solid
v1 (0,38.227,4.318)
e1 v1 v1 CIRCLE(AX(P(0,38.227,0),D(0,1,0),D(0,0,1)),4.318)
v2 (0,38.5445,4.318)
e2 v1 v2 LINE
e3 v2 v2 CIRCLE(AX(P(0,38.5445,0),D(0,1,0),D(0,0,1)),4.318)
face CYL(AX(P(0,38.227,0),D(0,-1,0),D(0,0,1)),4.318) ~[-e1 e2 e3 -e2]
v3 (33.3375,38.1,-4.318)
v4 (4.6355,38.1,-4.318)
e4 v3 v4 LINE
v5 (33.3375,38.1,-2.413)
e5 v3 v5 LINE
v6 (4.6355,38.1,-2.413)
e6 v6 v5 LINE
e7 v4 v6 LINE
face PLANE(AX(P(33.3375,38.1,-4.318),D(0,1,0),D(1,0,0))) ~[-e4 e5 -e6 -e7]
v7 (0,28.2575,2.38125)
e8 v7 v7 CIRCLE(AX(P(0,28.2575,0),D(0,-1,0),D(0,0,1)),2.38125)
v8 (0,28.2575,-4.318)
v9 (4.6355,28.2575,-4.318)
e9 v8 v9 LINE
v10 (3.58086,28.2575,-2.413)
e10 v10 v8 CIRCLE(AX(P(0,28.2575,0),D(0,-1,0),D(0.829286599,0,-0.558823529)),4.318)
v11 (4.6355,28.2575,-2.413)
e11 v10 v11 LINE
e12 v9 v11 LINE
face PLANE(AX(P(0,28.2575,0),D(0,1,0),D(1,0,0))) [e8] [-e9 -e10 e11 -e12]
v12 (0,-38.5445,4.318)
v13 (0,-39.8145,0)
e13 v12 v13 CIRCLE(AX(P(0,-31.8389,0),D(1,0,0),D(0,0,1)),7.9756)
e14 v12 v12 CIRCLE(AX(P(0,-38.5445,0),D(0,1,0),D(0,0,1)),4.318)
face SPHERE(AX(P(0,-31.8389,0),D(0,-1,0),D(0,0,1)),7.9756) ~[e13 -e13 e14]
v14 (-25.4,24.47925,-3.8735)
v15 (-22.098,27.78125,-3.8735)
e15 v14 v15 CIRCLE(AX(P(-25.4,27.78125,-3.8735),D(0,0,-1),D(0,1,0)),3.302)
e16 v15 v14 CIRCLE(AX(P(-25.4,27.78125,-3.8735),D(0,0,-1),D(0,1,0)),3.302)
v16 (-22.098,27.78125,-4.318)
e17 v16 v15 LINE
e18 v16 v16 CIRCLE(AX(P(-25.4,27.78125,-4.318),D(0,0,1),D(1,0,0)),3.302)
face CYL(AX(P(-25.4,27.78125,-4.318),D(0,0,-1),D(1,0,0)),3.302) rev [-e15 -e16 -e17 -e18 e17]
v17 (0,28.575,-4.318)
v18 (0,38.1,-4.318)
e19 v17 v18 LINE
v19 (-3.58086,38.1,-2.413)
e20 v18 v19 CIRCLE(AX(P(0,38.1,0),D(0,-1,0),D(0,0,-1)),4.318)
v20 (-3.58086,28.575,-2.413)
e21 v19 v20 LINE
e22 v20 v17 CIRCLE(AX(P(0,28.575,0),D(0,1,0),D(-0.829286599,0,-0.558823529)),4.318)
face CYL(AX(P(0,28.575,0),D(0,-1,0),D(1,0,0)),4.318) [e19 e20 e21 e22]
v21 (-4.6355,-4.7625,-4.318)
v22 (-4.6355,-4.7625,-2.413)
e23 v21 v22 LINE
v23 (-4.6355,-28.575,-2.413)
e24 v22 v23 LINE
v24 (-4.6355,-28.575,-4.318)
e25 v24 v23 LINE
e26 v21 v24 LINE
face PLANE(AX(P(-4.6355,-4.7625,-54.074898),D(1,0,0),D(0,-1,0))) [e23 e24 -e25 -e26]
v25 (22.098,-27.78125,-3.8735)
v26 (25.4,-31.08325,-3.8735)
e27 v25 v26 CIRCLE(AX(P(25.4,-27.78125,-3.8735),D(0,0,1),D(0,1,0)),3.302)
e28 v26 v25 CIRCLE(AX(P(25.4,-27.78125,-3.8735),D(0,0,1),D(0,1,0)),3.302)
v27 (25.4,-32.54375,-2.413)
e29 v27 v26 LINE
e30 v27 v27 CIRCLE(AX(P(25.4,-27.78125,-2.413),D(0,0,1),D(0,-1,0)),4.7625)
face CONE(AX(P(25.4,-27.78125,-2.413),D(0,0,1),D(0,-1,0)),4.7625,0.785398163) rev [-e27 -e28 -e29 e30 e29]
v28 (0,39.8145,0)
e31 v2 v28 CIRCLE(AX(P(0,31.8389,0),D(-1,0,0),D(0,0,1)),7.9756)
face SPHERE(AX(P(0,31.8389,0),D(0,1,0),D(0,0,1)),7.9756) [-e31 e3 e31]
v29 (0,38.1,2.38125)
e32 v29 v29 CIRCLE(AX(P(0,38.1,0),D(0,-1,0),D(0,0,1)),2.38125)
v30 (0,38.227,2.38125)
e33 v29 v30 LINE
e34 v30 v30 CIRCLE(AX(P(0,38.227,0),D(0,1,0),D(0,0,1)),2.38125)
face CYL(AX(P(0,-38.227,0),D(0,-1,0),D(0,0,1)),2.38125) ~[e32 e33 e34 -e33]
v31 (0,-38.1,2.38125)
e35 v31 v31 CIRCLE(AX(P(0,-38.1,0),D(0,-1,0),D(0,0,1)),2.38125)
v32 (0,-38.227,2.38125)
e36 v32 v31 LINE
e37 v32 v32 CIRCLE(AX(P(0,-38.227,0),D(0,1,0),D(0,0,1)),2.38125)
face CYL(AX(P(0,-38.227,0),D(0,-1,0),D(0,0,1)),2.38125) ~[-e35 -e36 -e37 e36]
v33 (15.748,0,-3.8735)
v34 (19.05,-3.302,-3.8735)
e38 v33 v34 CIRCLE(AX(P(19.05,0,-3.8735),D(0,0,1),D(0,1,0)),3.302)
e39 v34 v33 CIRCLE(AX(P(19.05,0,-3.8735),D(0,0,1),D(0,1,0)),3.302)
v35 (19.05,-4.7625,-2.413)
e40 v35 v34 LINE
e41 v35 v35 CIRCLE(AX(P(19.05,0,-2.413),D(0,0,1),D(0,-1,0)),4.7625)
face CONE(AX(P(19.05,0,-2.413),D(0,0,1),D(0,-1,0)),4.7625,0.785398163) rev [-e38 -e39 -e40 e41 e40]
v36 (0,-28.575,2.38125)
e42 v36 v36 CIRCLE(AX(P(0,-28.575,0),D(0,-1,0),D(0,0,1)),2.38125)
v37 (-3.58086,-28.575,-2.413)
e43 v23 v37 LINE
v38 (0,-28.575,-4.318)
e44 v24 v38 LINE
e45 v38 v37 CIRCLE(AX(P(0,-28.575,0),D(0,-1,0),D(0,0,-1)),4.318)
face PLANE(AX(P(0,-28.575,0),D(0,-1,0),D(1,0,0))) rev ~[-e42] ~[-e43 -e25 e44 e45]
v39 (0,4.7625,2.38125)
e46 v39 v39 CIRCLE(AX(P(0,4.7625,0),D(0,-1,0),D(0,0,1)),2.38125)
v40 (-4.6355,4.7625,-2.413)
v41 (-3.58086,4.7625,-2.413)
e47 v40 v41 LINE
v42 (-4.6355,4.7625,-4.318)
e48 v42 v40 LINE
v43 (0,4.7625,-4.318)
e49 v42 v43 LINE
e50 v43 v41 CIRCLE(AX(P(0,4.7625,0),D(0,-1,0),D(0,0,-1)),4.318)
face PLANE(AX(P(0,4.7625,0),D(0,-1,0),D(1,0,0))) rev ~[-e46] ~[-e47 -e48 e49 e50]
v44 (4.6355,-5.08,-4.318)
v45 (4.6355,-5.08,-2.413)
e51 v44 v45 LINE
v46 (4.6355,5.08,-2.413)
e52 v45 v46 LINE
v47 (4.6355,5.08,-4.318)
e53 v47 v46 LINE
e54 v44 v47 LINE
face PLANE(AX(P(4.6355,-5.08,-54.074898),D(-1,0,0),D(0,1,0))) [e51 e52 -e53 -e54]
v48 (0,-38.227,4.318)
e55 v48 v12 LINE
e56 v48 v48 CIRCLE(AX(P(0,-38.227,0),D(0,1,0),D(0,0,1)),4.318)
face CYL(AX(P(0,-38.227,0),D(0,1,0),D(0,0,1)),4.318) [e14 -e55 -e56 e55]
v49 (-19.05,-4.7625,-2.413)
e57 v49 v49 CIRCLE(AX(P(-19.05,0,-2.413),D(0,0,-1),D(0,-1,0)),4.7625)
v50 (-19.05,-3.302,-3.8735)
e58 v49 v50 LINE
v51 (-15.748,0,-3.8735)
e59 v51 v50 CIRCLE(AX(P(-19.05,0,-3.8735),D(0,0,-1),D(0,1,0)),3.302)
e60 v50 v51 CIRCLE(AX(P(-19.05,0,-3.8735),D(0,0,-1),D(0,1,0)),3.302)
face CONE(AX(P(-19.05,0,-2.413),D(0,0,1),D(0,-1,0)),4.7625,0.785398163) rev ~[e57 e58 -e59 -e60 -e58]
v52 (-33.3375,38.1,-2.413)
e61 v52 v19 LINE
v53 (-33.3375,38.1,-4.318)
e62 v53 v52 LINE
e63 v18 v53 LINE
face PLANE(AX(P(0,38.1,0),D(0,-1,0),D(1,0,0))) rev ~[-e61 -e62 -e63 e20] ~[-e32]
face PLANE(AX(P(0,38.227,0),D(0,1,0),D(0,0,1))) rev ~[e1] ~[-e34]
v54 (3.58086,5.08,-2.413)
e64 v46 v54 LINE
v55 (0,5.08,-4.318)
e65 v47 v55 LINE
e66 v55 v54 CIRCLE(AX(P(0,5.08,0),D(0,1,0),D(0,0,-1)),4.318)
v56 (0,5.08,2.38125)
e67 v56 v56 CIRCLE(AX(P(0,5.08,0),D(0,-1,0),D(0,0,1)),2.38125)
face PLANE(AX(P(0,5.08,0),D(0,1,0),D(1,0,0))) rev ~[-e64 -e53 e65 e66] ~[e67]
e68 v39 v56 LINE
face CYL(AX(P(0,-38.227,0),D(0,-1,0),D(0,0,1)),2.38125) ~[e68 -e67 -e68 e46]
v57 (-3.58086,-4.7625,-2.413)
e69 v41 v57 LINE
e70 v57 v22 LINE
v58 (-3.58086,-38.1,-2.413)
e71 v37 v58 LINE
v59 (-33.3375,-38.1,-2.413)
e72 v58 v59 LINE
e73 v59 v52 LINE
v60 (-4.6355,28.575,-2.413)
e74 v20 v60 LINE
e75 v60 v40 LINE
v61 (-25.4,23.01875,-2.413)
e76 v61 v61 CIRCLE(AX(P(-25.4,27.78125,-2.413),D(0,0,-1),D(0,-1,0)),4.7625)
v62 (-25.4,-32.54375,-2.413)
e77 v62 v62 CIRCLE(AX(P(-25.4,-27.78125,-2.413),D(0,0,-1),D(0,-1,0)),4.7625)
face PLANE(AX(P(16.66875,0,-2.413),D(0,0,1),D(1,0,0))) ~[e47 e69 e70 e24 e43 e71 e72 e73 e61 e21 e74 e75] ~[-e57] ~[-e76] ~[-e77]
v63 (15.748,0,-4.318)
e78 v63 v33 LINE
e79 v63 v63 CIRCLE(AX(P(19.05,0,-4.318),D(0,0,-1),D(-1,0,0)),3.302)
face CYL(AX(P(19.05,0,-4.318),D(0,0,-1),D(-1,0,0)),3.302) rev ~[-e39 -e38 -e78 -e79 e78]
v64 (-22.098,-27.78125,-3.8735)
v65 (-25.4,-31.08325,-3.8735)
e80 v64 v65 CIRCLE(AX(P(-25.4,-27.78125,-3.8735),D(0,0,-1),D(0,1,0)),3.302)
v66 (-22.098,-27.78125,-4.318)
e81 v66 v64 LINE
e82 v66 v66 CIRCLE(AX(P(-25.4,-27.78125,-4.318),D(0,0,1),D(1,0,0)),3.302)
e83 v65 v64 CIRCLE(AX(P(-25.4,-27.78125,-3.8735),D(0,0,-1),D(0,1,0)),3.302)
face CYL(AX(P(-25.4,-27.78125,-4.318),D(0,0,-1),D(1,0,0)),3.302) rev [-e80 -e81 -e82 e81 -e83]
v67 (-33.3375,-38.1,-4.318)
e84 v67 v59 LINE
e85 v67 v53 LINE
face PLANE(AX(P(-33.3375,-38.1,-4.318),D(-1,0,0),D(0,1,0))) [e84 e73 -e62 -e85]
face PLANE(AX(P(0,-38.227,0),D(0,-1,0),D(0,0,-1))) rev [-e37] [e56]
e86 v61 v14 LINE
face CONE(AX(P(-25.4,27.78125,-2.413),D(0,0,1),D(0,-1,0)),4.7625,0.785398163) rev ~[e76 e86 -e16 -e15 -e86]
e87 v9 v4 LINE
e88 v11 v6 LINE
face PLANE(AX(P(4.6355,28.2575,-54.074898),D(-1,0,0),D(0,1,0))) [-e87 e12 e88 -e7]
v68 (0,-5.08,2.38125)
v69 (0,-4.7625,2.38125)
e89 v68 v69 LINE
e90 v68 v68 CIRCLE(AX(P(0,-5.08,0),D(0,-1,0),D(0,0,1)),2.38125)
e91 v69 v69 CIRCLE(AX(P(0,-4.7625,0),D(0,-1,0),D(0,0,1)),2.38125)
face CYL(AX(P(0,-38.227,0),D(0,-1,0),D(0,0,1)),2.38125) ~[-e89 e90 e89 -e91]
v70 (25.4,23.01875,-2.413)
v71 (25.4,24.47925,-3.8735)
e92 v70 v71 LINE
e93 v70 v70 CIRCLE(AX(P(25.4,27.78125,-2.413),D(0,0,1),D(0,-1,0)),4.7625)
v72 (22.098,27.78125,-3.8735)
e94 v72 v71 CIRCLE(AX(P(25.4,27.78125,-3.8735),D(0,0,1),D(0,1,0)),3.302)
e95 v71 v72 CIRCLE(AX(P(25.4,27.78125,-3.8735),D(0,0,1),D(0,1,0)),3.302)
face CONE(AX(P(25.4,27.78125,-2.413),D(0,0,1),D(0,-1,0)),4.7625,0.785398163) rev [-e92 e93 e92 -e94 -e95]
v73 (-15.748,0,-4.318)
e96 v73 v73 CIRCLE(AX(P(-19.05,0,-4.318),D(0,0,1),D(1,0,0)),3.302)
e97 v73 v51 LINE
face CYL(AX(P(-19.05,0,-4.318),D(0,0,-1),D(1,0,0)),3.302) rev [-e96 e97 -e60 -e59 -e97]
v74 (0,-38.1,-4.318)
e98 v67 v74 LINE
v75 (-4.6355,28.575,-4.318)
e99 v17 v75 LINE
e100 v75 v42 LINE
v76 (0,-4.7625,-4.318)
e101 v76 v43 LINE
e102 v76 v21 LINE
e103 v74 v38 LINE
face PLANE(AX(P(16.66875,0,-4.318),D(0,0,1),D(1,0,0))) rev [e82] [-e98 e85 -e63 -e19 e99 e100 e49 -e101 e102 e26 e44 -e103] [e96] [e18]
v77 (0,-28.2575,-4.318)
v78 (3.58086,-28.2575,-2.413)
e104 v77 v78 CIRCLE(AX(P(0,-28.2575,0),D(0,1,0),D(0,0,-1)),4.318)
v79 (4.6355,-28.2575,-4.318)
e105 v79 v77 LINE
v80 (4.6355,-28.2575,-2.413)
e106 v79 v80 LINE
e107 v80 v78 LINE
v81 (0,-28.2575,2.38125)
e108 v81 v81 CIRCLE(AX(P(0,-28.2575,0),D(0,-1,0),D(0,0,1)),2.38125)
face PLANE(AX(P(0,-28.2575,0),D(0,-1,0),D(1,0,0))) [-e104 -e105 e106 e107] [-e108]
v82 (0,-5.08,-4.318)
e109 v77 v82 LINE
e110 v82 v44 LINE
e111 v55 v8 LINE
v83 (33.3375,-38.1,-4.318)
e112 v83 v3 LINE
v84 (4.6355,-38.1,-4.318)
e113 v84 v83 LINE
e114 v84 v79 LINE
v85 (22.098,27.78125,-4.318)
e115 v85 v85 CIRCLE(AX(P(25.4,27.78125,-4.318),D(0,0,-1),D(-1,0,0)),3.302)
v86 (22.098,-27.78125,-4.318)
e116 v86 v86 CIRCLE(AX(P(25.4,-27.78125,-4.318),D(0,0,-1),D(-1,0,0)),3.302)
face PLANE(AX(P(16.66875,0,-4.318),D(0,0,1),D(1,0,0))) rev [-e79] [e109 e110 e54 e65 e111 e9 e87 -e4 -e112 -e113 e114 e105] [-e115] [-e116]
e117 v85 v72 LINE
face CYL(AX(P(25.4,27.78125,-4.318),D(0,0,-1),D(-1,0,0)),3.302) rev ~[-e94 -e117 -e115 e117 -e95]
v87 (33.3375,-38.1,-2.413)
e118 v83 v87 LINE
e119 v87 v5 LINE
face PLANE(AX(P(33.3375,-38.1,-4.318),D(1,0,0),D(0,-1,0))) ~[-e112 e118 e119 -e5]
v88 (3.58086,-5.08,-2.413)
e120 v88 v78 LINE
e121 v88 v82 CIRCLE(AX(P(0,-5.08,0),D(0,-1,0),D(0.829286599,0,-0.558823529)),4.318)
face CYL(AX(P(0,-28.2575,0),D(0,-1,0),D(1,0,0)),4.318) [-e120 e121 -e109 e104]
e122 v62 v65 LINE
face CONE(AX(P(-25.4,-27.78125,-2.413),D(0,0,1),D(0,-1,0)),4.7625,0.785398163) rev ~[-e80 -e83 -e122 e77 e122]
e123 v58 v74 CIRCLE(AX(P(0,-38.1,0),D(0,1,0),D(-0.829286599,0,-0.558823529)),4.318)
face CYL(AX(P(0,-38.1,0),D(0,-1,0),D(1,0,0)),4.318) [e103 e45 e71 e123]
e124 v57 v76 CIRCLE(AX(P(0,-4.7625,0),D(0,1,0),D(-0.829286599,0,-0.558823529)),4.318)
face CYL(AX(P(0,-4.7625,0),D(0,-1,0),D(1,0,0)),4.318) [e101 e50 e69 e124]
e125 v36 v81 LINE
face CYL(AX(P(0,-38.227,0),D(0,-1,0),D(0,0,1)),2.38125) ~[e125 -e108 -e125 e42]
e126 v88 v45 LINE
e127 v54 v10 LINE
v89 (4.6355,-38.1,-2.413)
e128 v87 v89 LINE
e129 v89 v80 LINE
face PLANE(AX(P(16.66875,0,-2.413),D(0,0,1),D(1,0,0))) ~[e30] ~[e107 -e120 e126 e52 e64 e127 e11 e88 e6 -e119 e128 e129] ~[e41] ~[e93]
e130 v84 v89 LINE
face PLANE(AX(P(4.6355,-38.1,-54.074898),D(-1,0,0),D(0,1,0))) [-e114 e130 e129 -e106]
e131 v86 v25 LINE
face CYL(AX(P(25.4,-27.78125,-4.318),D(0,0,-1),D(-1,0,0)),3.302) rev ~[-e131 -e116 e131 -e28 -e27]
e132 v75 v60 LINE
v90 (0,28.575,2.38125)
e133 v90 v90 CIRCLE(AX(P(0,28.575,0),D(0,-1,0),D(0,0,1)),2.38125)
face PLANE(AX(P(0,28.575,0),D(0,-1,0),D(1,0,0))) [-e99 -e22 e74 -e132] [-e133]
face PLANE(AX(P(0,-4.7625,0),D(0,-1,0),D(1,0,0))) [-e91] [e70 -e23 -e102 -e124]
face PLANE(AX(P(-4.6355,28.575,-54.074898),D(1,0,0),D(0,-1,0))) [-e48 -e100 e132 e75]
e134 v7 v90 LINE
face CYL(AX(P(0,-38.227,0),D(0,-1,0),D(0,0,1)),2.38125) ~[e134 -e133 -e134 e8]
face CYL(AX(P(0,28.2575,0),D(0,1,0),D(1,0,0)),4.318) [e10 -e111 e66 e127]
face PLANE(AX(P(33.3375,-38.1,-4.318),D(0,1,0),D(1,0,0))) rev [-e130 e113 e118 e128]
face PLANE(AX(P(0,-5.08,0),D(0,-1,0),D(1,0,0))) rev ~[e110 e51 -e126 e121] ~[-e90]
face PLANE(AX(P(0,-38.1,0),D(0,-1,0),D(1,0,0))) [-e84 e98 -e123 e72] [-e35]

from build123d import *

# Parameters (mm, degrees)
BOSS_EXTRUDE1_START          = -4.318
SKETCH3_W                    = 33.3375
SKETCH3_H                    = 76.2
SKETCH3_R                    = 3.302
BOSS_EXTRUDE1_DEPTH          = 1.905
CUT_EXTRUDE_THIN1_DEPTH      = 51.661898224
CUT_EXTRUDE_THIN1_DEPTH_BACK = 51.661898224
CUT_EXTRUDE2_DEPTH           = 51.661898224
CUT_EXTRUDE2_DEPTH_BACK      = 51.661898224
SKETCH6_W                    = 33.3375
SKETCH6_H                    = 76.2
CUT_EXTRUDE3_DEPTH           = 51.661898224
CUT_EXTRUDE3_DEPTH_BACK      = 51.661898224
SKETCH7_W                    = 33.3375
SKETCH7_H                    = 76.2
SKETCH8_R                    = 4.318
BOSS_EXTRUDE2_DEPTH          = 9.525
SKETCH9_R                    = 4.318
BOSS_EXTRUDE3_DEPTH          = 9.525
SKETCH10_R                   = 4.318
BOSS_EXTRUDE4_DEPTH          = 9.525
SKETCH11_R                   = 4.318
BOSS_EXTRUDE5_DEPTH          = 23.1775
SKETCH12_R                   = 4.318
BOSS_EXTRUDE6_DEPTH          = 23.1775
BOSS_EXTRUDE8_START          = 0.127
SKETCH15_R                   = 4.318
BOSS_EXTRUDE8_DEPTH          = 0.3175
DOME1_FACE_RADIUS            = 4.318
DOME1_HEIGHT                 = 1.27
BOSS_EXTRUDE7_START          = -38.227
SKETCH13_R                   = 2.38125
BOSS_EXTRUDE7_DEPTH          = 76.454


with BuildPart() as part:
    # Sketch3 → Boss-Extrude1 (new body)
    with BuildSketch(Plane.XY.offset(BOSS_EXTRUDE1_START)):
        with Locations((-16.66875, 0)):
            Rectangle(SKETCH3_W, SKETCH3_H)
        with Locations((-25.4, 27.78125)):
            Circle(SKETCH3_R, mode=Mode.SUBTRACT)
        with Locations((-19.05, 0)):
            Circle(SKETCH3_R, mode=Mode.SUBTRACT)
        with Locations((-25.4, -27.78125)):
            Circle(SKETCH3_R, mode=Mode.SUBTRACT)
    extrude(amount=BOSS_EXTRUDE1_DEPTH)

    # Cut-Extrude1 cone 1 section (through the dimple's axis) → Cut-Extrude1 (revolve, cut)
    with BuildSketch(Plane(origin=(-25.4, 27.78125, -2.413), x_dir=(0, -1, 0), z_dir=(1, 0, 0))):
        Polygon((0, 0), (4.7625, 0), (0, 4.7625), align=None)
    revolve(axis=Axis((-25.4, 27.78125, -2.413), (0, 0, -1)), mode=Mode.SUBTRACT)

    # Cut-Extrude1 cone 2 section (through the dimple's axis) → Cut-Extrude1 cone 2 (revolve, cut)
    with BuildSketch(Plane(origin=(-19.05, 0, -2.413), x_dir=(0, -1, 0), z_dir=(1, 0, 0))):
        Polygon((0, 0), (4.7625, 0), (0, 4.7625), align=None)
    revolve(axis=Axis((-19.05, 0, -2.413), (0, 0, -1)), mode=Mode.SUBTRACT)

    # Cut-Extrude1 cone 3 section (through the dimple's axis) → Cut-Extrude1 cone 3 (revolve, cut)
    with BuildSketch(Plane(origin=(-25.4, -27.78125, -2.413), x_dir=(0, -1, 0), z_dir=(1, 0, 0))):
        Polygon((0, 0), (4.7625, 0), (0, 4.7625), align=None)
    revolve(axis=Axis((-25.4, -27.78125, -2.413), (0, 0, -1)), mode=Mode.SUBTRACT)

    # Mirror1: part across plane


with BuildPart() as part_1:
    add(part.part)
    add(part.part.mirror(Plane(origin=(0, 0, 0), x_dir=(0, 0, 1), z_dir=(1, 0, 0))))

    # Sketch5 → Cut-Extrude-Thin1 (cut, two sides: drawn at the far end of the back side and taken through both)
    with BuildSketch(Plane.XY.offset(-2.413).offset(-CUT_EXTRUDE_THIN1_DEPTH_BACK)):
        Polygon((4.318, 38.1), (4.318, 28.575), (-4.6355, 28.575), (-4.6355, 4.7625), (4.318, 4.7625), (4.318, 0), (4.318, -4.7625), (-4.6355, -4.7625), (-4.6355, -28.575), (4.318, -28.575), (4.318, -38.1), (4.6355, -38.1), (4.6355, -28.2575), (-4.318, -28.2575), (-4.318, -5.08), (4.6355, -5.08), (4.6355, 0), (4.6355, 5.08), (-4.318, 5.08), (-4.318, 28.2575), (4.6355, 28.2575), (4.6355, 38.1), align=None)
    extrude(amount=CUT_EXTRUDE_THIN1_DEPTH + CUT_EXTRUDE_THIN1_DEPTH_BACK, mode=Mode.SUBTRACT)


with BuildPart() as cut_extrude_thin1_piece_1:
    # of the separate pieces the step leaves, piece 1, a body of its own (cut_extrude_thin1_pieces)
    add(part_1.part.solids().sort_by_distance((4.6355, 38.1, -4.318))[0])

    # Sketch6 → Cut-Extrude2 (cut, two sides: drawn at the far end of the back side and taken through both)
    with BuildSketch(Plane.XY.offset(-2.413).offset(-CUT_EXTRUDE2_DEPTH_BACK)):
        with Locations((-16.66875, 0)):
            Rectangle(SKETCH6_W, SKETCH6_H)
    extrude(amount=CUT_EXTRUDE2_DEPTH + CUT_EXTRUDE2_DEPTH_BACK, mode=Mode.SUBTRACT)

    # Sketch11 → Boss-Extrude5 (add)
    with BuildSketch(Plane.XZ.offset(28.2575)):
        Circle(SKETCH11_R)
    extrude(amount=-BOSS_EXTRUDE5_DEPTH)

    # Sketch12 → Boss-Extrude6 (add)
    with BuildSketch(Plane(origin=(0, 28.2575, 0), x_dir=(1, 0, 0), z_dir=(0, 1, 0))):
        Circle(SKETCH12_R)
    extrude(amount=-BOSS_EXTRUDE6_DEPTH)



with BuildPart() as cut_extrude_thin1_piece_2:
    # of the separate pieces the step leaves, piece 2, a body of its own (cut_extrude_thin1_pieces)
    add(part_1.part.solids().sort_by_distance((-33.3375, 38.1, -4.318))[0])

    # Sketch7 → Cut-Extrude3 (cut, two sides: drawn at the far end of the back side and taken through both)
    with BuildSketch(Plane.XY.offset(-2.413).offset(-CUT_EXTRUDE3_DEPTH_BACK)):
        with Locations((16.66875, 0)):
            Rectangle(SKETCH7_W, SKETCH7_H)
    extrude(amount=CUT_EXTRUDE3_DEPTH + CUT_EXTRUDE3_DEPTH_BACK, mode=Mode.SUBTRACT)

    # Sketch8 → Boss-Extrude2 (add)
    with BuildSketch(Plane.XZ.offset(38.1)):
        Circle(SKETCH8_R)
    extrude(amount=-BOSS_EXTRUDE2_DEPTH)

    # Sketch9 → Boss-Extrude3 (add)
    with BuildSketch(Plane.XZ.offset(4.7625)):
        Circle(SKETCH9_R)
    extrude(amount=-BOSS_EXTRUDE3_DEPTH)

    # Sketch10 → Boss-Extrude4 (add)
    with BuildSketch(Plane.XZ.offset(-28.575)):
        Circle(SKETCH10_R)
    extrude(amount=-BOSS_EXTRUDE4_DEPTH)


with BuildPart() as body_3:
    # Sketch15 → Boss-Extrude8 (new body)
    with BuildSketch(Plane(origin=(0, 38.1, 0), x_dir=(1, 0, 0), z_dir=(0, 1, 0)).offset(BOSS_EXTRUDE8_START)):
        with Locations(Location((0, 0, 0), (0, 0, 270))):
            Circle(SKETCH15_R)
    extrude(amount=BOSS_EXTRUDE8_DEPTH)

    # Dome1: a dome of height H over a round flat face of radius A is a cap of a sphere of radius (A * A + H * H) / (2 * H)
    dome1_r = (DOME1_FACE_RADIUS * DOME1_FACE_RADIUS + DOME1_HEIGHT * DOME1_HEIGHT) / (2 * DOME1_HEIGHT)
    dome1_base = Plane((0, 38.5445, 0), z_dir=(0, 1, 0))
    with Locations(dome1_base.offset(DOME1_HEIGHT - dome1_r)):
        dome1_ball = Sphere(dome1_r, mode=Mode.PRIVATE)
    add(split(dome1_ball, bisect_by=dome1_base, keep=Keep.TOP, mode=Mode.PRIVATE))


with BuildPart() as body_4:
    # Mirror2: mirrored copy
    add(body_3.part.mirror(Plane.ZX))


with BuildPart() as cut_extrude_thin1_piece_1_1:
    add(cut_extrude_thin1_piece_1.part)

    add(cut_extrude_thin1_piece_2.part)  # Boss-Extrude7 merges Cut-Extrude-Thin1 piece 2

    add(body_3.part)  # Boss-Extrude7 merges body 3

    add(body_4.part)  # Boss-Extrude7 merges body 4
    # Sketch13 → Boss-Extrude7 (add)
    with BuildSketch(Plane(origin=(0, 0, 0), x_dir=(1, 0, 0), z_dir=(0, 1, 0)).offset(BOSS_EXTRUDE7_START)):
        with Locations(Location((0, 0, 0), (0, 0, 270))):
            Circle(SKETCH13_R)
    extrude(amount=BOSS_EXTRUDE7_DEPTH)


solid = cut_extrude_thin1_piece_1_1.part
